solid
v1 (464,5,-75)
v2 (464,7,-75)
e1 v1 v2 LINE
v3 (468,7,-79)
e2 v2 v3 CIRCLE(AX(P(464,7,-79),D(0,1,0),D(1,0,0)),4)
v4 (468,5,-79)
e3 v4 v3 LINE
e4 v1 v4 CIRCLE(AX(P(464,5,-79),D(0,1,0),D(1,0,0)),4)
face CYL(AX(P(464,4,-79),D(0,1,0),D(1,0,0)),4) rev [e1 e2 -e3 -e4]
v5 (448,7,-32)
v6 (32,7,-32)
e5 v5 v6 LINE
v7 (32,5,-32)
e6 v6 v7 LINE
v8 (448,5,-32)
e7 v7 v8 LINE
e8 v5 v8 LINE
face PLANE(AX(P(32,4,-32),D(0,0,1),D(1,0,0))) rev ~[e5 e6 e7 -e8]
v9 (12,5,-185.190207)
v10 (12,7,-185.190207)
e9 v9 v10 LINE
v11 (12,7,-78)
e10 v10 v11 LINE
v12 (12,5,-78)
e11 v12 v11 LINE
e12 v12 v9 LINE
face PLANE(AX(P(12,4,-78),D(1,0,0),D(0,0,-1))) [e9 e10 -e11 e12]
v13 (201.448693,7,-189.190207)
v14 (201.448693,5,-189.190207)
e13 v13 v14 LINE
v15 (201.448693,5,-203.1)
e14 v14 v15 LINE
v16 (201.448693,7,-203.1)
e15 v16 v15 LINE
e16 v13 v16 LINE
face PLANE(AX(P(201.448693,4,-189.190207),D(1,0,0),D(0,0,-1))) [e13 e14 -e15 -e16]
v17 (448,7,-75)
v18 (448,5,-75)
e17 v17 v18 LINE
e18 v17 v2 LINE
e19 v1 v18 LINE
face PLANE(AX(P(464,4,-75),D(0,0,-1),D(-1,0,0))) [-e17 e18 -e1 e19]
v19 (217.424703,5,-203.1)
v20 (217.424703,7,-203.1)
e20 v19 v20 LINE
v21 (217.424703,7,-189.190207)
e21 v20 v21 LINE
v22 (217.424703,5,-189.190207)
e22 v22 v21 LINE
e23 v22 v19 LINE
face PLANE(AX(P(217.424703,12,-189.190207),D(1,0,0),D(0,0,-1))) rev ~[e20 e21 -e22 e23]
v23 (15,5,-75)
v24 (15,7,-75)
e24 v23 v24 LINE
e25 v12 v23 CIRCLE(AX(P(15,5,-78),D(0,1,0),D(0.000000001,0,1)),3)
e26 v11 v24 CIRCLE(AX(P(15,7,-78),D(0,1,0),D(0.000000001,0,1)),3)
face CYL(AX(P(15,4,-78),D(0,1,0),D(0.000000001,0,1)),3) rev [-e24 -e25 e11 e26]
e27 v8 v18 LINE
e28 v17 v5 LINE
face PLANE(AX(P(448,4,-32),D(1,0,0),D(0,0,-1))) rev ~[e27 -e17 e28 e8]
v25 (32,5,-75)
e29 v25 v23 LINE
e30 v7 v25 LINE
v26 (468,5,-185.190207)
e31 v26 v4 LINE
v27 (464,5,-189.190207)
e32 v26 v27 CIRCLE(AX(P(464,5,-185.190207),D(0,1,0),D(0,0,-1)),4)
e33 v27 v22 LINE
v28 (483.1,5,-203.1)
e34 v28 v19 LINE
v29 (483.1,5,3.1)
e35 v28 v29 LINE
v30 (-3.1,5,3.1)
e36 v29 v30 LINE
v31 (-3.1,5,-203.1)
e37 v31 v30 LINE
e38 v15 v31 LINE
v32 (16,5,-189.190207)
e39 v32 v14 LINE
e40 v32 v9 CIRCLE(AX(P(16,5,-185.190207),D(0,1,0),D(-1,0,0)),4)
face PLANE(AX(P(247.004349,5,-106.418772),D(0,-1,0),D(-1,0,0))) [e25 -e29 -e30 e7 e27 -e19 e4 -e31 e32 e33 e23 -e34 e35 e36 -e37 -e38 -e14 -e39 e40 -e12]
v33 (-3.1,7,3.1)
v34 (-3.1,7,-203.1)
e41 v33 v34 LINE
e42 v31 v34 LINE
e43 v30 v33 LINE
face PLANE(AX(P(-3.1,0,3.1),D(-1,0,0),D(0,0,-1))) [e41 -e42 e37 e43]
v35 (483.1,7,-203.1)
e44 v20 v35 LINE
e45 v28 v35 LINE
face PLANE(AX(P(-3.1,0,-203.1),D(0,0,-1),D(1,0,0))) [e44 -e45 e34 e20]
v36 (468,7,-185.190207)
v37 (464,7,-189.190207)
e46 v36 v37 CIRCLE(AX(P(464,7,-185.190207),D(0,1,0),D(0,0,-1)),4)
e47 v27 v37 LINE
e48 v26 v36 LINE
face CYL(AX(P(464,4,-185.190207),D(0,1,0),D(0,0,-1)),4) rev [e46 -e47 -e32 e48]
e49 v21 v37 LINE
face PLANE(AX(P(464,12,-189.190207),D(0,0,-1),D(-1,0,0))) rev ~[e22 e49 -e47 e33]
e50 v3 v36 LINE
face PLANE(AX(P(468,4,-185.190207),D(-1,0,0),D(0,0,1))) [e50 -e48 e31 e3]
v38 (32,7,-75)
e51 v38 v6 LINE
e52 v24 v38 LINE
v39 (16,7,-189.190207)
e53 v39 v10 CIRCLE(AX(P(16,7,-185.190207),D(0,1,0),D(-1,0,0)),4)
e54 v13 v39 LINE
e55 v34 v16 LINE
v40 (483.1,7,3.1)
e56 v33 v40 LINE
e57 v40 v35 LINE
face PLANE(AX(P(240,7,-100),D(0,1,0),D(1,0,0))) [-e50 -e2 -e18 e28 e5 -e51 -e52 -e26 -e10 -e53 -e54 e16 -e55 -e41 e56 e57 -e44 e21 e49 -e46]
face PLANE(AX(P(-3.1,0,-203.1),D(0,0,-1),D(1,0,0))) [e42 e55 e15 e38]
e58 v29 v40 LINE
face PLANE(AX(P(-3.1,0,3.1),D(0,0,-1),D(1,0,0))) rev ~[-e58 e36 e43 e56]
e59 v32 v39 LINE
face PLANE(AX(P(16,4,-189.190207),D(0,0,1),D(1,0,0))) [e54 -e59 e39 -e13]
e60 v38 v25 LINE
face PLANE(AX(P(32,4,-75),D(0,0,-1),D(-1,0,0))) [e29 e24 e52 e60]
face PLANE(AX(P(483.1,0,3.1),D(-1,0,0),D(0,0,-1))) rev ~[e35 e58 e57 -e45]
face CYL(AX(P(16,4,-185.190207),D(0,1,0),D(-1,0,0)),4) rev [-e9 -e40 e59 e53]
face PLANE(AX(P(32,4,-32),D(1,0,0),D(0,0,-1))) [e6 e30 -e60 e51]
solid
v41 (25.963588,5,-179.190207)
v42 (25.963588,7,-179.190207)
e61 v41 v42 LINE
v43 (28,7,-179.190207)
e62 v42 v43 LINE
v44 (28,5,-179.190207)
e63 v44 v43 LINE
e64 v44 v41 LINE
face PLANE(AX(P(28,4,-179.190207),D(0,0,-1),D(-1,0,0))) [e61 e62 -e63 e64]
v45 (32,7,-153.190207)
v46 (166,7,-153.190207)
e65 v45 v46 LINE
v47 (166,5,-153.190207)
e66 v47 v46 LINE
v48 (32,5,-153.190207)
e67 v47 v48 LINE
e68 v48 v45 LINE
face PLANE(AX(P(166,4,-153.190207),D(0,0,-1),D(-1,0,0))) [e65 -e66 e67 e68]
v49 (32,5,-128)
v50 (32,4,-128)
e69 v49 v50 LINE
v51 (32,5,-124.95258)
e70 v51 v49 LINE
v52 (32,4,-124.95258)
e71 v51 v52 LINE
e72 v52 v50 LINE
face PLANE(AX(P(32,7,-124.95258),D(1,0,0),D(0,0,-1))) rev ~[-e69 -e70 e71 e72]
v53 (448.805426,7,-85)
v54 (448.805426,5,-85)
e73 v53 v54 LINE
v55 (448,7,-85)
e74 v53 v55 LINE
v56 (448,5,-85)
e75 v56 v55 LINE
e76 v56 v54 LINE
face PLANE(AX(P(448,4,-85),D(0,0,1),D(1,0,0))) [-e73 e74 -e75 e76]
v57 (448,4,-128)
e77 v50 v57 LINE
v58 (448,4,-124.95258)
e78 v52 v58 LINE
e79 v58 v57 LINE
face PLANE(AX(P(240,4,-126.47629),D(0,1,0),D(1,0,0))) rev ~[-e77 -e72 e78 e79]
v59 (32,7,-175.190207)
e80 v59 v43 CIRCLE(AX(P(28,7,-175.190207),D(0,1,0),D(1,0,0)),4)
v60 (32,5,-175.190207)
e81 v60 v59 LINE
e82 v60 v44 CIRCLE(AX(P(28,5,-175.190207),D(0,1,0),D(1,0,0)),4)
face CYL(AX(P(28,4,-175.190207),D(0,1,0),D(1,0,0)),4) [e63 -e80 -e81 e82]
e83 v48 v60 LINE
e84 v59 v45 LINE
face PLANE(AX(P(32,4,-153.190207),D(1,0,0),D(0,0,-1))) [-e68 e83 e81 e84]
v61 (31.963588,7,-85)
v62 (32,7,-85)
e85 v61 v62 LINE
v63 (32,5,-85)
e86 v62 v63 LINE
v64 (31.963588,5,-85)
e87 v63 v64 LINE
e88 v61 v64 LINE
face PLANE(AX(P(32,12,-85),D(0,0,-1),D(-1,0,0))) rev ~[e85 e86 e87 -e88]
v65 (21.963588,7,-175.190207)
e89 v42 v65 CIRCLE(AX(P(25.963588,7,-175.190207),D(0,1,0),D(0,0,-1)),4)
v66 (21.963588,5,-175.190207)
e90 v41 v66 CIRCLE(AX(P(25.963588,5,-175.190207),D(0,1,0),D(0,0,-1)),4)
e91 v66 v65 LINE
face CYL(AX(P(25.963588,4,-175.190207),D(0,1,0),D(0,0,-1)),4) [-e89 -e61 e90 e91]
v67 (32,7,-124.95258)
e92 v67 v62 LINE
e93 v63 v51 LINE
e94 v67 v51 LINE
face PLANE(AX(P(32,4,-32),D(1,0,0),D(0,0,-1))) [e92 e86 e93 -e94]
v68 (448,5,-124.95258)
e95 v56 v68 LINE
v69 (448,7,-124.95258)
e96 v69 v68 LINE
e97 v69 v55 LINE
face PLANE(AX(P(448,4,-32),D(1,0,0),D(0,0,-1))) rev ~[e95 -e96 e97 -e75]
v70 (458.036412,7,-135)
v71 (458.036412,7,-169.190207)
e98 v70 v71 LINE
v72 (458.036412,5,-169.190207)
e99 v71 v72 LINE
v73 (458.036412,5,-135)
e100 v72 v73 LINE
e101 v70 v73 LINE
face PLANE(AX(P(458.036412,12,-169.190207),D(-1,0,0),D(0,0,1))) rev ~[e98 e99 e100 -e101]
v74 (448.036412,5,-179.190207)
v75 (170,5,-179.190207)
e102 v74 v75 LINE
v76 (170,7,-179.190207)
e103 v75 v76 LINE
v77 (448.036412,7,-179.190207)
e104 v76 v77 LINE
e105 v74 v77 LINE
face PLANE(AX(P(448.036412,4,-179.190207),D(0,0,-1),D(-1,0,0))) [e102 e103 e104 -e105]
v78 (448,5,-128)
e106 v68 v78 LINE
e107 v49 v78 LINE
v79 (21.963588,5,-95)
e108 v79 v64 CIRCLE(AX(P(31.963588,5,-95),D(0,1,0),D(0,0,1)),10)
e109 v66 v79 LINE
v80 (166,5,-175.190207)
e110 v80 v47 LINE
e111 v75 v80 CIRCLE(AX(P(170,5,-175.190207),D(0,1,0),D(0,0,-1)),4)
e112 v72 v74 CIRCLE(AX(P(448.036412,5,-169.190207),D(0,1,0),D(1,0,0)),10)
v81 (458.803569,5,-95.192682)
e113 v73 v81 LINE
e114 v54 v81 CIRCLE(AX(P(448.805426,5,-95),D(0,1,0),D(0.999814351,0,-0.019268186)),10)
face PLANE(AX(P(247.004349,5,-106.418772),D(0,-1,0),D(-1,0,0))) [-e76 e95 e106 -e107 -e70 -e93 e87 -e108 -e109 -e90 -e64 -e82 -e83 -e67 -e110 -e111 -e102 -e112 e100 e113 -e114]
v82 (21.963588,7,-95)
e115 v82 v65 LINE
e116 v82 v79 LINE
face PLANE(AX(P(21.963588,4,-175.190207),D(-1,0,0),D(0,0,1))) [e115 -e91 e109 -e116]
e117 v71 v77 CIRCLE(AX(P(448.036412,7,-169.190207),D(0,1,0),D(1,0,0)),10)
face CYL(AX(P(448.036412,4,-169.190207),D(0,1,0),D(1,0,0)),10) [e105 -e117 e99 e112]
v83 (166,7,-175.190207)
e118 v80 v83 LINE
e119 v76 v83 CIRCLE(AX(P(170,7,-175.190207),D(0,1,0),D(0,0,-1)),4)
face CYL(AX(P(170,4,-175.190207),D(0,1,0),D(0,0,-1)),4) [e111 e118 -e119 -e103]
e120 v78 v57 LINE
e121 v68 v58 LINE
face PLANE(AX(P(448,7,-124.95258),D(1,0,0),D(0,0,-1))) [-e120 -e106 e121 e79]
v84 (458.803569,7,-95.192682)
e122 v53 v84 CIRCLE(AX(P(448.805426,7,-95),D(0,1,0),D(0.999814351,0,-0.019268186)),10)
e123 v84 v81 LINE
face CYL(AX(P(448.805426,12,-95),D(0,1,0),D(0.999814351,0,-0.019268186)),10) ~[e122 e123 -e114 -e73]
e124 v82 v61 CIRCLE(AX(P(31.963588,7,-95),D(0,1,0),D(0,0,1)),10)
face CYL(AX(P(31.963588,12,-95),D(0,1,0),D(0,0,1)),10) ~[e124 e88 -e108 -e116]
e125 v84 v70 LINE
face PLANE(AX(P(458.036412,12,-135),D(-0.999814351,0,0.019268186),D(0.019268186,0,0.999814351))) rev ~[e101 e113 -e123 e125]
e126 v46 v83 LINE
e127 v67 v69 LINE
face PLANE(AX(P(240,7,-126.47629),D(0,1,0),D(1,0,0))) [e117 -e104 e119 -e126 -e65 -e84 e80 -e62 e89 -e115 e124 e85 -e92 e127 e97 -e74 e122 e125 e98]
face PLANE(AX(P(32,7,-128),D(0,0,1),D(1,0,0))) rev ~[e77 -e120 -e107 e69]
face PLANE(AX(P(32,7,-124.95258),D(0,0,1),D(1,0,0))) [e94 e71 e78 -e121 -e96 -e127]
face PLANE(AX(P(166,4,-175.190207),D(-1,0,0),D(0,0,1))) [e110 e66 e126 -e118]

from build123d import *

# Parameters (mm, degrees)
CROQUIS1_W              = 486.2
CROQUIS1_H              = 206.2
CROQUIS1_W_2            = 480
CROQUIS1_H_2            = 200
SALIENTE_EXTRUIR1_DEPTH = 12
CROQUIS3_W              = 486.2
CROQUIS3_H              = 206.2
CROQUIS3_W_2            = 480
CROQUIS3_H_2            = 200
CORTAR_EXTRUIR1_DEPTH   = 5
CORTAR_EXTRUIR3_DEPTH   = 8
CROQUIS4_W              = 20
CROQUIS4_H              = 6
CORTAR_EXTRUIR4_DEPTH   = 3
CORTAR_EXTRUIR5_DEPTH   = 2
CROQUIS7_W              = 721.947089947
CROQUIS7_H              = 359.419856831
CORTAR_EXTRUIR6_DEPTH   = 10
CROQUIS8_W              = 416
CROQUIS8_H              = 96
CORTAR_EXTRUIR7_DEPTH   = 10
CROQUIS9_W              = 531.904745737
CROQUIS9_H              = 246.353411826
CORTAR_EXTRUIR9_DEPTH   = 10
CROQUIS10_W             = 531.904745737
CROQUIS10_H             = 246.353411826
CORTAR_EXTRUIR10_DEPTH  = 10
CROQUIS11_W             = 531.904745737
CROQUIS11_H             = 246.353411826
CORTAR_EXTRUIR11_DEPTH  = 10
CROQUIS12_W             = 416
CROQUIS12_H             = 3.047420062
SALIENTE_EXTRUIR2_DEPTH = 3


with BuildPart() as part:
    # Croquis1 → Saliente-Extruir1 (new body)
    with BuildSketch(Plane(origin=(0, 0, 0), x_dir=(1, 0, 0), z_dir=(0, 1, 0))):
        with Locations((240, 100)):
            Rectangle(CROQUIS1_W, CROQUIS1_H)
        with Locations((240, 100)):
            Rectangle(CROQUIS1_W_2, CROQUIS1_H_2, mode=Mode.SUBTRACT)
        with Locations((240, 100)):
            Rectangle(CROQUIS1_W_2, CROQUIS1_H_2)
    extrude(amount=SALIENTE_EXTRUIR1_DEPTH)

    # Croquis3 → Cortar-Extruir1 (cut)
    with BuildSketch(Plane(origin=(0, 12, 0), x_dir=(1, 0, 0), z_dir=(0, 1, 0))):
        with Locations((240, 100)):
            Rectangle(CROQUIS3_W, CROQUIS3_H)
        with Locations((240, 100)):
            Rectangle(CROQUIS3_W_2, CROQUIS3_H_2, mode=Mode.SUBTRACT)
    extrude(amount=-CORTAR_EXTRUIR1_DEPTH, mode=Mode.SUBTRACT)

    # Croquis2 → Cortar-Extruir3 (cut)
    with BuildSketch(Plane(origin=(0, 12, 0), x_dir=(1, 0, 0), z_dir=(0, 1, 0))):
        with BuildLine():
            ThreePointArc((16, 189.1902066), (13.171572875, 188.018633725), (12, 185.1902066))
            Line((12, 185.1902066), (12, 78))
            ThreePointArc((12, 78), (12.878679656, 75.878679656), (15, 75))
            Line((15, 75), (32, 75))
            Line((32, 75), (32, 32))
            Line((32, 32), (448, 32))
            Line((448, 32), (448, 75))
            Line((448, 75), (464, 75))
            ThreePointArc((464, 75), (466.828427125, 76.171572875), (468, 79))
            Line((468, 79), (468, 185.1902066))
            ThreePointArc((468, 185.1902066), (466.828427125, 188.018633725), (464, 189.1902066))
            Line((464, 189.1902066), (217.424703227, 189.1902066))
            Line((217.424703227, 189.1902066), (217.424703227, 203.1))
            Line((217.424703227, 203.1), (201.44869327, 203.1))
            Line((201.44869327, 203.1), (201.44869327, 189.1902066))
            Line((201.44869327, 189.1902066), (16, 189.1902066))
        make_face()
        with BuildLine():
            Line((32, 85), (31.963588191, 85))
            ThreePointArc((31.963588191, 85), (24.892520379, 87.928932188), (21.963588191, 95))
            Line((21.963588191, 95), (21.963588191, 175.1902066))
            ThreePointArc((21.963588191, 175.1902066), (23.135161066, 178.018633725), (25.963588191, 179.1902066))
            Line((25.963588191, 179.1902066), (28, 179.1902066))
            ThreePointArc((28, 179.1902066), (30.828427125, 178.018633725), (32, 175.1902066))
            Line((32, 175.1902066), (32, 153.1902066))
            Line((32, 153.1902066), (166, 153.1902066))
            Line((166, 153.1902066), (166, 175.1902066))
            ThreePointArc((166, 175.1902066), (167.171572875, 178.018633725), (170, 179.1902066))
            Line((170, 179.1902066), (448.036411809, 179.1902066))
            ThreePointArc((448.036411809, 179.1902066), (455.107479621, 176.261274412), (458.036411809, 169.1902066))
            Line((458.036411809, 169.1902066), (458.036411809, 135.000000034))
            Line((458.036411809, 135.000000034), (458.803569043, 95.19268186))
            ThreePointArc((458.803569043, 95.19268186), (455.944291637, 87.997386866), (448.80542553, 85))
            Line((448.80542553, 85), (448, 85))
            Line((448, 85), (448, 128))
            Line((448, 128), (32, 128))
            Line((32, 128), (32, 85))
        make_face(mode=Mode.SUBTRACT)
    extrude(amount=-CORTAR_EXTRUIR3_DEPTH, mode=Mode.SUBTRACT)

    # Croquis4 → Cortar-Extruir4 (cut)
    with BuildSketch(Plane(origin=(0, 12, 0), x_dir=(1, 0, 0), z_dir=(0, 1, 0))):
        with BuildLine():
            Line((31.963588191, 85), (32, 128))
            Line((32, 128), (32, 134))
            Line((32, 134), (32, 147.1902066))
            Line((32, 147.1902066), (32, 153.1902066))
            Line((32, 153.1902066), (32, 175.1902066))
            ThreePointArc((32, 175.1902066), (30.828427125, 178.018633725), (28, 179.1902066))
            Line((28, 179.1902066), (25.963588191, 179.1902066))
            ThreePointArc((25.963588191, 179.1902066), (23.135161066, 178.018633725), (21.963588191, 175.1902066))
            Line((21.963588191, 175.1902066), (21.963588191, 95))
            ThreePointArc((21.963588191, 95), (24.892520379, 87.928932188), (31.963588191, 85))
        make_face()
        with Locations((42, 131)):
            Rectangle(CROQUIS4_W, CROQUIS4_H)
        with Locations((42, 150.1902066)):
            Rectangle(CROQUIS4_W, CROQUIS4_H)
        with BuildLine():
            ThreePointArc((12, 78), (12.878679656, 75.878679656), (15, 75))
            Line((15, 75), (32, 75))
            Line((32, 75), (32, 69))
            Line((32, 69), (6, 69))
            Line((6, 69), (6, 80))
            Line((6, 80), (6, 195.1902066))
            Line((6, 195.1902066), (16, 195.1902066))
            Line((16, 195.1902066), (32, 195.1902066))
            Line((32, 195.1902066), (32, 189.1902066))
            Line((32, 189.1902066), (16, 189.1902066))
            ThreePointArc((16, 189.1902066), (13.171572875, 188.018633725), (12, 185.1902066))
            Line((12, 185.1902066), (12, 80))
            Line((12, 80), (12, 78))
        make_face()
        with Locations((42, 192.1902066)):
            Rectangle(CROQUIS4_W, CROQUIS4_H)
        with Locations((42, 29)):
            Rectangle(CROQUIS4_W, CROQUIS4_H)
        with Locations((156, 192.1902066)):
            Rectangle(CROQUIS4_W, CROQUIS4_H)
        with Locations((156, 150.1902066)):
            Rectangle(CROQUIS4_W, CROQUIS4_H)
        with BuildLine():
            Line((166, 147.1902066), (448, 147.1902066))
            Line((448, 147.1902066), (458.036411809, 147.1902066))
            Line((458.036411809, 147.1902066), (458.036411809, 169.1902066))
            ThreePointArc((458.036411809, 169.1902066), (455.107479621, 176.261274412), (448.036411809, 179.1902066))
            Line((448.036411809, 179.1902066), (170, 179.1902066))
            ThreePointArc((170, 179.1902066), (167.171572875, 178.018633725), (166, 175.1902066))
            Line((166, 175.1902066), (166, 153.1902066))
            Line((166, 153.1902066), (166, 147.1902066))
        make_face()
        with BuildLine():
            Line((458.036411809, 169.1902066), (458.036411809, 147.1902066))
            Line((458.036411809, 147.1902066), (474, 147.1902066))
            Line((474, 147.1902066), (474, 195.1902066))
            Line((474, 195.1902066), (166, 195.1902066))
            Line((166, 195.1902066), (166, 189.1902066))
            Line((166, 189.1902066), (166, 175.1902066))
            ThreePointArc((166, 175.1902066), (167.171572875, 178.018633725), (170, 179.1902066))
            Line((170, 179.1902066), (448.036411809, 179.1902066))
            ThreePointArc((448.036411809, 179.1902066), (455.107479621, 176.261274412), (458.036411809, 169.1902066))
        make_face()
        with BuildLine():
            Line((448.80542553, 85), (448, 85))
            Line((448, 85), (448, 69))
            Line((448, 69), (474, 69))
            Line((474, 69), (474, 147.1902066))
            Line((474, 147.1902066), (458.036411809, 147.1902066))
            Line((458.036411809, 147.1902066), (458.036411809, 135.000000034))
            Line((458.036411809, 135.000000034), (458.803569043, 95.19268186))
            ThreePointArc((458.803569043, 95.19268186), (455.944291637, 87.997386866), (448.80542553, 85))
        make_face()
        with Locations((438, 131)):
            Rectangle(CROQUIS4_W, CROQUIS4_H)
        with Locations((438, 29)):
            Rectangle(CROQUIS4_W, CROQUIS4_H)
        with BuildLine():
            Line((448, 134), (448, 128))
            Line((448, 128), (448, 85))
            Line((448, 85), (448.80542553, 85))
            ThreePointArc((448.80542553, 85), (455.944291637, 87.997386866), (458.803569043, 95.19268186))
            Line((458.803569043, 95.19268186), (458.036411809, 135.000000034))
            Line((458.036411809, 135.000000034), (458.036411809, 147.1902066))
            Line((458.036411809, 147.1902066), (448, 147.1902066))
            Line((448, 147.1902066), (448, 134))
        make_face()
    extrude(amount=-CORTAR_EXTRUIR4_DEPTH, mode=Mode.SUBTRACT)

    # Croquis5 → Cortar-Extruir5 (cut)
    with BuildSketch(Plane(origin=(0, 4, 0), x_dir=(1, 0, 0), z_dir=(0, 1, 0))):
        with BuildLine():
            Line((32.046028397, 84.926485337), (32, 75))
            Line((32, 75), (15, 75))
            ThreePointArc((15, 75), (12.878679656, 75.878679656), (12, 78))
            Line((12, 78), (12, 185.1902066))
            ThreePointArc((12, 185.1902066), (13.171572875, 188.018633725), (16, 189.1902066))
            Line((16, 189.1902066), (201.44869327, 189.1902066))
            Line((201.44869327, 189.1902066), (201.44869327, 203.1))
            Line((201.44869327, 203.1), (217.424703227, 203.1))
            Line((217.424703227, 203.1), (217.424703227, 189.1902066))
            Line((217.424703227, 189.1902066), (464, 189.1902066))
            ThreePointArc((464, 189.1902066), (466.828427125, 188.018633725), (468, 185.1902066))
            Line((468, 185.1902066), (468, 79))
            ThreePointArc((468, 79), (466.828427125, 76.171572875), (464, 75))
            Line((464, 75), (448, 75))
            Line((448, 75), (448, 85))
            Line((448, 85), (448.80542553, 85))
            ThreePointArc((448.80542553, 85), (455.917657262, 88.023512896), (458.803569043, 95.19268186))
            Line((458.803569043, 95.19268186), (458.036411809, 169.1902066))
            ThreePointArc((458.036411809, 169.1902066), (455.107479621, 176.261274412), (448.036411809, 179.1902066))
            Line((448.036411809, 179.1902066), (170, 179.1902066))
            ThreePointArc((170, 179.1902066), (167.171572875, 178.018633725), (166, 175.1902066))
            Line((166, 175.1902066), (166, 153.1902066))
            Line((166, 153.1902066), (32, 153.1902066))
            Line((32, 153.1902066), (32, 175.1902066))
            ThreePointArc((32, 175.1902066), (30.828427125, 178.018633725), (28, 179.1902066))
            Line((28, 179.1902066), (25.963588191, 179.1902066))
            ThreePointArc((25.963588191, 179.1902066), (23.135161066, 178.018633725), (21.963588191, 175.1902066))
            Line((21.963588191, 175.1902066), (21.963588191, 95))
            ThreePointArc((21.963588191, 95), (24.91720844, 87.873793117), (32.046028397, 84.926485337))
        make_face()
    extrude(amount=-CORTAR_EXTRUIR5_DEPTH, mode=Mode.SUBTRACT)

    # Croquis7 → Cortar-Extruir6 (cut)
    with BuildSketch(Plane(origin=(0, 2, 0), x_dir=(1, 0, 0), z_dir=(0, 1, 0))):
        with Locations((149.368191722, 161.470369199)):
            Rectangle(CROQUIS7_W, CROQUIS7_H)
    extrude(amount=-CORTAR_EXTRUIR6_DEPTH, mode=Mode.SUBTRACT)

    # Croquis8 → Cortar-Extruir7 (cut)
    with BuildSketch(Plane(origin=(0, 4, 0), x_dir=(1, 0, 0), z_dir=(0, 1, 0))):
        with Locations((240, 80)):
            Rectangle(CROQUIS8_W, CROQUIS8_H)
    extrude(amount=-CORTAR_EXTRUIR7_DEPTH, mode=Mode.SUBTRACT)


with BuildPart() as cortar_extruir7_piece_1:
    # of the separate pieces the step leaves, piece 1, a body of its own (cortar_extruir7_pieces)
    add(part.part.solids().sort_by_distance((483.1, 2, 3.1))[0])


with BuildPart() as cortar_extruir7_piece_2:
    # of the separate pieces the step leaves, piece 2, a body of its own (cortar_extruir7_pieces)
    add(part.part.solids().sort_by_distance((32, 2, -128))[0])


with BuildPart() as cortar_extruir9_tool:
    # Croquis9 → Cortar-Extruir9 (new body)
    with BuildSketch(Plane(origin=(0, 9, 0), x_dir=(1, 0, 0), z_dir=(0, 1, 0))):
        with Locations((247.004349215, 106.418772052)):
            Rectangle(CROQUIS9_W, CROQUIS9_H)
    extrude(amount=CORTAR_EXTRUIR9_DEPTH)


with BuildPart() as cortar_extruir7_piece_1_1:
    add(cortar_extruir7_piece_1.part)

    # Cortar-Extruir9: cut by cortar_extruir9_tool
    add(cortar_extruir9_tool.part, mode=Mode.SUBTRACT)


with BuildPart() as cortar_extruir7_piece_2_1:
    add(cortar_extruir7_piece_2.part)

    # Cortar-Extruir9: cut by cortar_extruir9_tool
    add(cortar_extruir9_tool.part, mode=Mode.SUBTRACT)


with BuildPart() as cortar_extruir10_tool:
    # Croquis10 → Cortar-Extruir10 (new body)
    with BuildSketch(Plane(origin=(0, 7, 0), x_dir=(1, 0, 0), z_dir=(0, 1, 0))):
        with Locations((247.004349215, 106.418772052)):
            Rectangle(CROQUIS10_W, CROQUIS10_H)
    extrude(amount=CORTAR_EXTRUIR10_DEPTH)


with BuildPart() as cortar_extruir7_piece_1_2:
    add(cortar_extruir7_piece_1_1.part)

    # Cortar-Extruir10: cut by cortar_extruir10_tool
    add(cortar_extruir10_tool.part, mode=Mode.SUBTRACT)


with BuildPart() as cortar_extruir7_piece_2_2:
    add(cortar_extruir7_piece_2_1.part)

    # Cortar-Extruir10: cut by cortar_extruir10_tool
    add(cortar_extruir10_tool.part, mode=Mode.SUBTRACT)


with BuildPart() as cortar_extruir11_tool:
    # Croquis11 → Cortar-Extruir11 (new body)
    with BuildSketch(Plane(origin=(0, 5, 0), x_dir=(-1, 0, 0), z_dir=(0, -1, 0))):
        with Locations((-247.004349215, 106.418772052)):
            Rectangle(CROQUIS11_W, CROQUIS11_H)
    extrude(amount=CORTAR_EXTRUIR11_DEPTH)


with BuildPart() as cortar_extruir7_piece_1_3:
    add(cortar_extruir7_piece_1_2.part)

    # Cortar-Extruir11: cut by cortar_extruir11_tool
    add(cortar_extruir11_tool.part, mode=Mode.SUBTRACT)


with BuildPart() as cortar_extruir7_piece_2_3:
    add(cortar_extruir7_piece_2_2.part)

    # Cortar-Extruir11: cut by cortar_extruir11_tool
    add(cortar_extruir11_tool.part, mode=Mode.SUBTRACT)

    # Croquis12 → Saliente-Extruir2 (add)
    with BuildSketch(Plane(origin=(0, 7, 0), x_dir=(1, 0, 0), z_dir=(0, 1, 0))):
        with Locations((240, 126.476289969)):
            Rectangle(CROQUIS12_W, CROQUIS12_H)
    extrude(amount=-SALIENTE_EXTRUIR2_DEPTH)


solid = Compound([cortar_extruir7_piece_1_3.part, cortar_extruir7_piece_2_3.part])
